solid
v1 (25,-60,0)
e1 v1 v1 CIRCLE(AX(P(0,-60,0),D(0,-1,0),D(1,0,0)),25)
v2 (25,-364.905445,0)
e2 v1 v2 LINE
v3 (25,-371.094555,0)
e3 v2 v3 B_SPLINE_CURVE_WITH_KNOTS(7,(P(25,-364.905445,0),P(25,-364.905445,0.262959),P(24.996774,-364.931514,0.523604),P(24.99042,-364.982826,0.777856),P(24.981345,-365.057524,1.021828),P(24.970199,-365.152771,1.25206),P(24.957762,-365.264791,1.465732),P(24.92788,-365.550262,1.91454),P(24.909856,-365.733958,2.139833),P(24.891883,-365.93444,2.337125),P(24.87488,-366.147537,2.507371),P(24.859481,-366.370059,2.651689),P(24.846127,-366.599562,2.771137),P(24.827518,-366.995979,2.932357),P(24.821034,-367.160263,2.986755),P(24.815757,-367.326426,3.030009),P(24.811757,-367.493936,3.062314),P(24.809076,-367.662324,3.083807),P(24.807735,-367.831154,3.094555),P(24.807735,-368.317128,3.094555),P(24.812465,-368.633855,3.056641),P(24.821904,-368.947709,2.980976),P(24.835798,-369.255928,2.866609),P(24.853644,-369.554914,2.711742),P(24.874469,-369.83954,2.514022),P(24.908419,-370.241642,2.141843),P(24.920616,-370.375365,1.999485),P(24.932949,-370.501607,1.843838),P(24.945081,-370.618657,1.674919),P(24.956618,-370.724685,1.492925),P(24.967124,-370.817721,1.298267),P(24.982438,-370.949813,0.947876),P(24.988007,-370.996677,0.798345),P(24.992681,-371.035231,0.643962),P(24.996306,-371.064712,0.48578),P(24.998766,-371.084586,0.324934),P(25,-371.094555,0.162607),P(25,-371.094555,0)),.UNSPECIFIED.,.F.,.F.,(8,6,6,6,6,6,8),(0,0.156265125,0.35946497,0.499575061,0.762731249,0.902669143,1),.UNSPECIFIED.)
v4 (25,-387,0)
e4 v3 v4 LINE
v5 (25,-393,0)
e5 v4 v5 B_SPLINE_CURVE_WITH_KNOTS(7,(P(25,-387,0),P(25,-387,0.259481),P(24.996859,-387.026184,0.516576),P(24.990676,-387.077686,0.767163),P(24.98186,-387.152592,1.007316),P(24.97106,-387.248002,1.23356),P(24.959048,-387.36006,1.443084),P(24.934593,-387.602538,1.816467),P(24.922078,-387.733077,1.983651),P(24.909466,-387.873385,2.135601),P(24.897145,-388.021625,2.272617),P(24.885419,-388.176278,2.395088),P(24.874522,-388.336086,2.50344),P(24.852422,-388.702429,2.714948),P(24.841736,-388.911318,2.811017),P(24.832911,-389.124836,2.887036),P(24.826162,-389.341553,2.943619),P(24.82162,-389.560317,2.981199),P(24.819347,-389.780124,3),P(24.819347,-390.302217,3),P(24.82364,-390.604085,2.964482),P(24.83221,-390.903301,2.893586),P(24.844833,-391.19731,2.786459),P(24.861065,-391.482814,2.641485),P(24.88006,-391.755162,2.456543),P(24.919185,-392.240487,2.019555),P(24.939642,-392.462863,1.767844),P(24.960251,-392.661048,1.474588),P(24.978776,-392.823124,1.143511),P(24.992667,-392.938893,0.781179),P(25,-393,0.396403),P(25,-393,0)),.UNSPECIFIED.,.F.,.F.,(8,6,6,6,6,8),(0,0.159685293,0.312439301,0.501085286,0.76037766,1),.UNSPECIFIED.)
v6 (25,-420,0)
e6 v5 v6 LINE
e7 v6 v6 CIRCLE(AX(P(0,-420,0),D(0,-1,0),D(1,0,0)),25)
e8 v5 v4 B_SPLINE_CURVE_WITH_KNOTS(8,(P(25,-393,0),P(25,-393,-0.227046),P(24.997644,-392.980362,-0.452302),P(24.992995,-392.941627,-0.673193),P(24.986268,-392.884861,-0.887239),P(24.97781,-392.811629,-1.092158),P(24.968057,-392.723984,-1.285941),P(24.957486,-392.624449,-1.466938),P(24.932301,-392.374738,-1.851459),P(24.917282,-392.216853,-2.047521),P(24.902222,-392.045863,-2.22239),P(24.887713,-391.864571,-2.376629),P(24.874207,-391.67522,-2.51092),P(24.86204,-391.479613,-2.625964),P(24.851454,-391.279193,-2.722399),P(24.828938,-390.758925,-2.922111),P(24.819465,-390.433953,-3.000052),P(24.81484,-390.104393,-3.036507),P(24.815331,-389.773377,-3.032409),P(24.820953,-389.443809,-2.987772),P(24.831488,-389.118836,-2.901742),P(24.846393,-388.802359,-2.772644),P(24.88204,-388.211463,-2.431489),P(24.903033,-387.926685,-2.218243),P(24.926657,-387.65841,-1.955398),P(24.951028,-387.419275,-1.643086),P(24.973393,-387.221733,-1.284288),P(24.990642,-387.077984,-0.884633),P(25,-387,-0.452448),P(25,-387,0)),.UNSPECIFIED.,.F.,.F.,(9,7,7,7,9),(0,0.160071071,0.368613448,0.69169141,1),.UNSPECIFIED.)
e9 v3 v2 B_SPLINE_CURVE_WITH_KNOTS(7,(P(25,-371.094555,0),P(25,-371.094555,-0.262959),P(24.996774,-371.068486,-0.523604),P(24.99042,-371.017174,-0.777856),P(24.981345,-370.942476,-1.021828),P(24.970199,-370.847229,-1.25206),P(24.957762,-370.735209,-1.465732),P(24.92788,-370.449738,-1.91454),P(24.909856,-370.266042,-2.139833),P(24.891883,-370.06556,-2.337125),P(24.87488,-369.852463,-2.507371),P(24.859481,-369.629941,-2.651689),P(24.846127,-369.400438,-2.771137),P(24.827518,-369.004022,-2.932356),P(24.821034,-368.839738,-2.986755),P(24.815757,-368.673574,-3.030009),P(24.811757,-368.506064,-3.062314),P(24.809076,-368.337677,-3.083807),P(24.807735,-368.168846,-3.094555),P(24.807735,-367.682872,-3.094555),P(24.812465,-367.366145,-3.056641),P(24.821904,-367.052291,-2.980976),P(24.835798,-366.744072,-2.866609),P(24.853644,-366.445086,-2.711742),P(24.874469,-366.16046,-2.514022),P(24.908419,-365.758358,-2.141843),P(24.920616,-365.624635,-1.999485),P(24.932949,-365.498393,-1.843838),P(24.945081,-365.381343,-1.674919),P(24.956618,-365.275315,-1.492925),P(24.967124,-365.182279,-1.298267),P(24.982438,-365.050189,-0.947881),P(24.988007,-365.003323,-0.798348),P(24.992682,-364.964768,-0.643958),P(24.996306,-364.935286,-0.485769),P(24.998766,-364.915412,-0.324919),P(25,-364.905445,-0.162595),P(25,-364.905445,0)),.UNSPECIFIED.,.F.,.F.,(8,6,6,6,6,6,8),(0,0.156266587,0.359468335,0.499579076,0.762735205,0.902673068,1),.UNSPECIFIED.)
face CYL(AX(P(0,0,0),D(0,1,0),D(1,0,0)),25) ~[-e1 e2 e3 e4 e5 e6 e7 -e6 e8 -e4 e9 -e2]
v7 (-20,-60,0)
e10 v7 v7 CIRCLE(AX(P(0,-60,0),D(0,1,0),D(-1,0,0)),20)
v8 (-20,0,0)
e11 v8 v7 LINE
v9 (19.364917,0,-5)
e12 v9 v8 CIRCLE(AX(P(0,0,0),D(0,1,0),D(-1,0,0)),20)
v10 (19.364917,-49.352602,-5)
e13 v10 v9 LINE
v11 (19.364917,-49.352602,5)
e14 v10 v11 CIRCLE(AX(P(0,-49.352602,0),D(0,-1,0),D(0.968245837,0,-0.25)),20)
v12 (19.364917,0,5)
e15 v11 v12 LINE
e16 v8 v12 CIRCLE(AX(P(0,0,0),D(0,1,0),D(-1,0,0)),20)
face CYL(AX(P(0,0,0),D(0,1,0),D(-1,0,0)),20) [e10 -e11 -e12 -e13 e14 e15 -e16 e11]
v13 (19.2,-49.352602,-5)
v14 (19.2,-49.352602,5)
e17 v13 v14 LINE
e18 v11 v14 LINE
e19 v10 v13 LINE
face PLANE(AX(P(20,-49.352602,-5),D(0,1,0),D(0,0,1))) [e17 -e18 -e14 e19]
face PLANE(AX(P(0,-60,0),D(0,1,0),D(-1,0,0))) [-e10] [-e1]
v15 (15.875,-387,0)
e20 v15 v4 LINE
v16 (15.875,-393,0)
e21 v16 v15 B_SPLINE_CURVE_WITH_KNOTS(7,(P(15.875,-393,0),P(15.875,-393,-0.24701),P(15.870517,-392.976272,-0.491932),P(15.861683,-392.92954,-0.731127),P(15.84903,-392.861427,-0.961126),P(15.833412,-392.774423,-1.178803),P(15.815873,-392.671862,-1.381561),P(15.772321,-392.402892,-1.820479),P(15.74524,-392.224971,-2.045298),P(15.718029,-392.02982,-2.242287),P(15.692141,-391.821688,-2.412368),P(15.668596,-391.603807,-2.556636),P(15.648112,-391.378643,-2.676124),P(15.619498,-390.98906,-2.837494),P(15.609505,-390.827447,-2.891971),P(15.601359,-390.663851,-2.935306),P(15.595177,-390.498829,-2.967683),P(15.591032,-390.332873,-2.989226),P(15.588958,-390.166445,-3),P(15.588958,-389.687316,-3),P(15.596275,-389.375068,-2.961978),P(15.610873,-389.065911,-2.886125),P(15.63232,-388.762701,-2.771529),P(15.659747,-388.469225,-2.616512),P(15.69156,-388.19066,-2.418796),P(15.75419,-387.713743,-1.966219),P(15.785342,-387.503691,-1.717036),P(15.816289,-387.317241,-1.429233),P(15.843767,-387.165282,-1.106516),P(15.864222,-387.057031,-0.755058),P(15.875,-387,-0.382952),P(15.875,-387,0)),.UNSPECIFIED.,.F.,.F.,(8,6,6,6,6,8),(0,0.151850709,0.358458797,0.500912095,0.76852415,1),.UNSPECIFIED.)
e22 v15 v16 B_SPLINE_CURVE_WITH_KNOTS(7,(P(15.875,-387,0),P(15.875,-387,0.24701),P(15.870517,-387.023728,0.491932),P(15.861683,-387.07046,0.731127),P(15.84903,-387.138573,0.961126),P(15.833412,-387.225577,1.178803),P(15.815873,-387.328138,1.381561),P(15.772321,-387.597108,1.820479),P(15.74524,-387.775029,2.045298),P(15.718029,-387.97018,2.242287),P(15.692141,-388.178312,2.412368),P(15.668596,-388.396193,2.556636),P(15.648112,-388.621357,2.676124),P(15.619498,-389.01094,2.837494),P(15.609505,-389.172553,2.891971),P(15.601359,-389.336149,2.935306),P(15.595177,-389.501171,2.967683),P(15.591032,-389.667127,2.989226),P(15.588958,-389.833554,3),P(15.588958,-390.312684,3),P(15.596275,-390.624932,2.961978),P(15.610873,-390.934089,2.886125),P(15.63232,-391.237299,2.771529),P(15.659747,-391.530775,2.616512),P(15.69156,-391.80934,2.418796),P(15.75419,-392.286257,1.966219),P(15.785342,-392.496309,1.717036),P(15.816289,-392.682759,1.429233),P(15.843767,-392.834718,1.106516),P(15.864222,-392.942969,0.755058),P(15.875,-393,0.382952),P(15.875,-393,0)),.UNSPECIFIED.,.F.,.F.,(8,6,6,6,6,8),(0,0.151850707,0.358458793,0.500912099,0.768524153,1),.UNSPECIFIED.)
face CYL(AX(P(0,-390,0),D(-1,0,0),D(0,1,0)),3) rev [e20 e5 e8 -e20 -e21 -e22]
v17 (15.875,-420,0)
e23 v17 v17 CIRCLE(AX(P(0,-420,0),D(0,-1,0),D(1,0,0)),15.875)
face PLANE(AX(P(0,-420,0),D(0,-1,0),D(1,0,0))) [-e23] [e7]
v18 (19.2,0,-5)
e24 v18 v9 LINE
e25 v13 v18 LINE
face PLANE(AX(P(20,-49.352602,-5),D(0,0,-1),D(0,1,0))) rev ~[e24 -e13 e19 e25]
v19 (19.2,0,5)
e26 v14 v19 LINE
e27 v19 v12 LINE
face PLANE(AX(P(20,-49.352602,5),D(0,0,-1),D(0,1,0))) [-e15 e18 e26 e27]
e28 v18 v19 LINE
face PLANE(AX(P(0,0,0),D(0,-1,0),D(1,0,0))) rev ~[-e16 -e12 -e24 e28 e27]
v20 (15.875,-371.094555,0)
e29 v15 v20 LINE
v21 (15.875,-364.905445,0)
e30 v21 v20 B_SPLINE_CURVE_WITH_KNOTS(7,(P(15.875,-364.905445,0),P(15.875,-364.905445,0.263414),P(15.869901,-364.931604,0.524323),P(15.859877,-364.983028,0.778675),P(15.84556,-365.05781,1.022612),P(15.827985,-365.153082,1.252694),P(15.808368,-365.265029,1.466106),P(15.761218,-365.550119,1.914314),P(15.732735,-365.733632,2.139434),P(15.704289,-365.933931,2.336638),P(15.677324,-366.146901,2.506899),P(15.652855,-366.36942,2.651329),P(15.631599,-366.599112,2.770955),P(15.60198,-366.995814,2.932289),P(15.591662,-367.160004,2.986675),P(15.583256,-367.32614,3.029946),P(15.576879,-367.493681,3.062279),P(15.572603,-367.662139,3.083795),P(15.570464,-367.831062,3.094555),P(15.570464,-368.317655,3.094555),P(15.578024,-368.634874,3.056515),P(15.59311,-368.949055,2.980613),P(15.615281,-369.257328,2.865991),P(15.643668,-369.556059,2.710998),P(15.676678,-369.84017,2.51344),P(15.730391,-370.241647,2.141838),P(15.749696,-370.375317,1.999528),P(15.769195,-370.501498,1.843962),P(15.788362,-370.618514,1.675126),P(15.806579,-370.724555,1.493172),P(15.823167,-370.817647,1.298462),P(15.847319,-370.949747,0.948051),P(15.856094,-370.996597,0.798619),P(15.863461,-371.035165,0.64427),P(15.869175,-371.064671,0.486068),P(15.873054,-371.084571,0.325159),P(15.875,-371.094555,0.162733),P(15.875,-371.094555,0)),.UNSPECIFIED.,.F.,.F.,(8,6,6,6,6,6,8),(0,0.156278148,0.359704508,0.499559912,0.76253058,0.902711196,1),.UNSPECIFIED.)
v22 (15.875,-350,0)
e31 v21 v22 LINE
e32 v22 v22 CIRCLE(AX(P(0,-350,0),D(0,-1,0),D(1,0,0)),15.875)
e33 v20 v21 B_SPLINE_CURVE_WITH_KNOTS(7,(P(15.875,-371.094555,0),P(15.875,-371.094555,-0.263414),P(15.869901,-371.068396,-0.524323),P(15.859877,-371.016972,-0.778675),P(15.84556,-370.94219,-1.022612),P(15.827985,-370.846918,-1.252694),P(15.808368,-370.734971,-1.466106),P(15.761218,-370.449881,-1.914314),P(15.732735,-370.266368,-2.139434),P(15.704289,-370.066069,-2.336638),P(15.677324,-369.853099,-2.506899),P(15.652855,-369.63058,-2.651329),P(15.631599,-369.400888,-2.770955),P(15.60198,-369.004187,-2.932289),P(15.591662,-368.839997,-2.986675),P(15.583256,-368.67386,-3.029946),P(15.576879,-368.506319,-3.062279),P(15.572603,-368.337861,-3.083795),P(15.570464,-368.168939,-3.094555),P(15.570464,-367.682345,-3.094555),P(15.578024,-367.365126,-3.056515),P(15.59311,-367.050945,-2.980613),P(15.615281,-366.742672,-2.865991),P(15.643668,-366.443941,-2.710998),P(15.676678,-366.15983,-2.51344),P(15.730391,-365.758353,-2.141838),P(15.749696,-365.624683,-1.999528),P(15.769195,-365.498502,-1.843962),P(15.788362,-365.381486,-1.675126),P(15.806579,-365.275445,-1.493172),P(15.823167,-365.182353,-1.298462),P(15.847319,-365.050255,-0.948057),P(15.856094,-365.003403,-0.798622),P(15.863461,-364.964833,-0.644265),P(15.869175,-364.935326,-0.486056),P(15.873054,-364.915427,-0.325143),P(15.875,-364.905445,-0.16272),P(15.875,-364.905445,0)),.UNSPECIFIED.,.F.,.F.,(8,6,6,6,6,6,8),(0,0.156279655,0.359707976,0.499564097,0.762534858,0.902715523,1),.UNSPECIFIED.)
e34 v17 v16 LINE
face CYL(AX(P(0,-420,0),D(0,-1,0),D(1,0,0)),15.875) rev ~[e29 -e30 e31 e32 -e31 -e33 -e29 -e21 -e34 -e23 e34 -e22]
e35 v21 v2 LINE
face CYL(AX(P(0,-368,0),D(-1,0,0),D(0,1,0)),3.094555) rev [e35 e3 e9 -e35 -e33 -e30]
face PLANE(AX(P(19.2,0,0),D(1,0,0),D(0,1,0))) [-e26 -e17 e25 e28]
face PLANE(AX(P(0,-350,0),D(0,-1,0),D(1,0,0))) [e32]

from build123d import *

# Parameters (mm, degrees)
F0_R      = 25
F1_DEPTH  = 420
F2_R      = 15.875
F3_DEPTH  = 70
F4_R      = 3
F4_R_2    = 3.094555
F5_DEPTH  = 48.2
F6_R      = 25
F6_R_2    = 20
F7_DEPTH  = 60
F9_W      = 98.705204
F9_H      = 10
F10_DEPTH = 0.8


with BuildPart() as f1:
    # F0 (on Front) → F1 (new body)
    with BuildSketch(Plane.XZ):
        Circle(F0_R)
    extrude(amount=F1_DEPTH)

    # F2 (on face) → F3 (cut)
    with BuildSketch(Plane.XZ.offset(420)):
        Circle(F2_R)
    extrude(amount=-F3_DEPTH, mode=Mode.SUBTRACT)

    # F4 (on Right) → F5 (cut)
    with BuildSketch(Plane.YZ):
        with Locations((-390, 0)):
            Circle(F4_R)
        with Locations((-368, 0)):
            Circle(F4_R_2)
    extrude(amount=F5_DEPTH, mode=Mode.SUBTRACT)

    # F6 (on face) → F7 (cut)
    with BuildSketch(Plane(origin=(0, 0, 0), x_dir=(-1, 0, 0), z_dir=(0, 1, 0))):
        Circle(F6_R)
        Circle(F6_R_2, mode=Mode.SUBTRACT)
    extrude(amount=-F7_DEPTH, mode=Mode.SUBTRACT)

    # F9 (on offset) → F10 (cut)
    with BuildSketch(Plane.YZ.offset(20)):
        Rectangle(F9_W, F9_H)
    extrude(amount=-F10_DEPTH, mode=Mode.SUBTRACT)


solid = f1.part
